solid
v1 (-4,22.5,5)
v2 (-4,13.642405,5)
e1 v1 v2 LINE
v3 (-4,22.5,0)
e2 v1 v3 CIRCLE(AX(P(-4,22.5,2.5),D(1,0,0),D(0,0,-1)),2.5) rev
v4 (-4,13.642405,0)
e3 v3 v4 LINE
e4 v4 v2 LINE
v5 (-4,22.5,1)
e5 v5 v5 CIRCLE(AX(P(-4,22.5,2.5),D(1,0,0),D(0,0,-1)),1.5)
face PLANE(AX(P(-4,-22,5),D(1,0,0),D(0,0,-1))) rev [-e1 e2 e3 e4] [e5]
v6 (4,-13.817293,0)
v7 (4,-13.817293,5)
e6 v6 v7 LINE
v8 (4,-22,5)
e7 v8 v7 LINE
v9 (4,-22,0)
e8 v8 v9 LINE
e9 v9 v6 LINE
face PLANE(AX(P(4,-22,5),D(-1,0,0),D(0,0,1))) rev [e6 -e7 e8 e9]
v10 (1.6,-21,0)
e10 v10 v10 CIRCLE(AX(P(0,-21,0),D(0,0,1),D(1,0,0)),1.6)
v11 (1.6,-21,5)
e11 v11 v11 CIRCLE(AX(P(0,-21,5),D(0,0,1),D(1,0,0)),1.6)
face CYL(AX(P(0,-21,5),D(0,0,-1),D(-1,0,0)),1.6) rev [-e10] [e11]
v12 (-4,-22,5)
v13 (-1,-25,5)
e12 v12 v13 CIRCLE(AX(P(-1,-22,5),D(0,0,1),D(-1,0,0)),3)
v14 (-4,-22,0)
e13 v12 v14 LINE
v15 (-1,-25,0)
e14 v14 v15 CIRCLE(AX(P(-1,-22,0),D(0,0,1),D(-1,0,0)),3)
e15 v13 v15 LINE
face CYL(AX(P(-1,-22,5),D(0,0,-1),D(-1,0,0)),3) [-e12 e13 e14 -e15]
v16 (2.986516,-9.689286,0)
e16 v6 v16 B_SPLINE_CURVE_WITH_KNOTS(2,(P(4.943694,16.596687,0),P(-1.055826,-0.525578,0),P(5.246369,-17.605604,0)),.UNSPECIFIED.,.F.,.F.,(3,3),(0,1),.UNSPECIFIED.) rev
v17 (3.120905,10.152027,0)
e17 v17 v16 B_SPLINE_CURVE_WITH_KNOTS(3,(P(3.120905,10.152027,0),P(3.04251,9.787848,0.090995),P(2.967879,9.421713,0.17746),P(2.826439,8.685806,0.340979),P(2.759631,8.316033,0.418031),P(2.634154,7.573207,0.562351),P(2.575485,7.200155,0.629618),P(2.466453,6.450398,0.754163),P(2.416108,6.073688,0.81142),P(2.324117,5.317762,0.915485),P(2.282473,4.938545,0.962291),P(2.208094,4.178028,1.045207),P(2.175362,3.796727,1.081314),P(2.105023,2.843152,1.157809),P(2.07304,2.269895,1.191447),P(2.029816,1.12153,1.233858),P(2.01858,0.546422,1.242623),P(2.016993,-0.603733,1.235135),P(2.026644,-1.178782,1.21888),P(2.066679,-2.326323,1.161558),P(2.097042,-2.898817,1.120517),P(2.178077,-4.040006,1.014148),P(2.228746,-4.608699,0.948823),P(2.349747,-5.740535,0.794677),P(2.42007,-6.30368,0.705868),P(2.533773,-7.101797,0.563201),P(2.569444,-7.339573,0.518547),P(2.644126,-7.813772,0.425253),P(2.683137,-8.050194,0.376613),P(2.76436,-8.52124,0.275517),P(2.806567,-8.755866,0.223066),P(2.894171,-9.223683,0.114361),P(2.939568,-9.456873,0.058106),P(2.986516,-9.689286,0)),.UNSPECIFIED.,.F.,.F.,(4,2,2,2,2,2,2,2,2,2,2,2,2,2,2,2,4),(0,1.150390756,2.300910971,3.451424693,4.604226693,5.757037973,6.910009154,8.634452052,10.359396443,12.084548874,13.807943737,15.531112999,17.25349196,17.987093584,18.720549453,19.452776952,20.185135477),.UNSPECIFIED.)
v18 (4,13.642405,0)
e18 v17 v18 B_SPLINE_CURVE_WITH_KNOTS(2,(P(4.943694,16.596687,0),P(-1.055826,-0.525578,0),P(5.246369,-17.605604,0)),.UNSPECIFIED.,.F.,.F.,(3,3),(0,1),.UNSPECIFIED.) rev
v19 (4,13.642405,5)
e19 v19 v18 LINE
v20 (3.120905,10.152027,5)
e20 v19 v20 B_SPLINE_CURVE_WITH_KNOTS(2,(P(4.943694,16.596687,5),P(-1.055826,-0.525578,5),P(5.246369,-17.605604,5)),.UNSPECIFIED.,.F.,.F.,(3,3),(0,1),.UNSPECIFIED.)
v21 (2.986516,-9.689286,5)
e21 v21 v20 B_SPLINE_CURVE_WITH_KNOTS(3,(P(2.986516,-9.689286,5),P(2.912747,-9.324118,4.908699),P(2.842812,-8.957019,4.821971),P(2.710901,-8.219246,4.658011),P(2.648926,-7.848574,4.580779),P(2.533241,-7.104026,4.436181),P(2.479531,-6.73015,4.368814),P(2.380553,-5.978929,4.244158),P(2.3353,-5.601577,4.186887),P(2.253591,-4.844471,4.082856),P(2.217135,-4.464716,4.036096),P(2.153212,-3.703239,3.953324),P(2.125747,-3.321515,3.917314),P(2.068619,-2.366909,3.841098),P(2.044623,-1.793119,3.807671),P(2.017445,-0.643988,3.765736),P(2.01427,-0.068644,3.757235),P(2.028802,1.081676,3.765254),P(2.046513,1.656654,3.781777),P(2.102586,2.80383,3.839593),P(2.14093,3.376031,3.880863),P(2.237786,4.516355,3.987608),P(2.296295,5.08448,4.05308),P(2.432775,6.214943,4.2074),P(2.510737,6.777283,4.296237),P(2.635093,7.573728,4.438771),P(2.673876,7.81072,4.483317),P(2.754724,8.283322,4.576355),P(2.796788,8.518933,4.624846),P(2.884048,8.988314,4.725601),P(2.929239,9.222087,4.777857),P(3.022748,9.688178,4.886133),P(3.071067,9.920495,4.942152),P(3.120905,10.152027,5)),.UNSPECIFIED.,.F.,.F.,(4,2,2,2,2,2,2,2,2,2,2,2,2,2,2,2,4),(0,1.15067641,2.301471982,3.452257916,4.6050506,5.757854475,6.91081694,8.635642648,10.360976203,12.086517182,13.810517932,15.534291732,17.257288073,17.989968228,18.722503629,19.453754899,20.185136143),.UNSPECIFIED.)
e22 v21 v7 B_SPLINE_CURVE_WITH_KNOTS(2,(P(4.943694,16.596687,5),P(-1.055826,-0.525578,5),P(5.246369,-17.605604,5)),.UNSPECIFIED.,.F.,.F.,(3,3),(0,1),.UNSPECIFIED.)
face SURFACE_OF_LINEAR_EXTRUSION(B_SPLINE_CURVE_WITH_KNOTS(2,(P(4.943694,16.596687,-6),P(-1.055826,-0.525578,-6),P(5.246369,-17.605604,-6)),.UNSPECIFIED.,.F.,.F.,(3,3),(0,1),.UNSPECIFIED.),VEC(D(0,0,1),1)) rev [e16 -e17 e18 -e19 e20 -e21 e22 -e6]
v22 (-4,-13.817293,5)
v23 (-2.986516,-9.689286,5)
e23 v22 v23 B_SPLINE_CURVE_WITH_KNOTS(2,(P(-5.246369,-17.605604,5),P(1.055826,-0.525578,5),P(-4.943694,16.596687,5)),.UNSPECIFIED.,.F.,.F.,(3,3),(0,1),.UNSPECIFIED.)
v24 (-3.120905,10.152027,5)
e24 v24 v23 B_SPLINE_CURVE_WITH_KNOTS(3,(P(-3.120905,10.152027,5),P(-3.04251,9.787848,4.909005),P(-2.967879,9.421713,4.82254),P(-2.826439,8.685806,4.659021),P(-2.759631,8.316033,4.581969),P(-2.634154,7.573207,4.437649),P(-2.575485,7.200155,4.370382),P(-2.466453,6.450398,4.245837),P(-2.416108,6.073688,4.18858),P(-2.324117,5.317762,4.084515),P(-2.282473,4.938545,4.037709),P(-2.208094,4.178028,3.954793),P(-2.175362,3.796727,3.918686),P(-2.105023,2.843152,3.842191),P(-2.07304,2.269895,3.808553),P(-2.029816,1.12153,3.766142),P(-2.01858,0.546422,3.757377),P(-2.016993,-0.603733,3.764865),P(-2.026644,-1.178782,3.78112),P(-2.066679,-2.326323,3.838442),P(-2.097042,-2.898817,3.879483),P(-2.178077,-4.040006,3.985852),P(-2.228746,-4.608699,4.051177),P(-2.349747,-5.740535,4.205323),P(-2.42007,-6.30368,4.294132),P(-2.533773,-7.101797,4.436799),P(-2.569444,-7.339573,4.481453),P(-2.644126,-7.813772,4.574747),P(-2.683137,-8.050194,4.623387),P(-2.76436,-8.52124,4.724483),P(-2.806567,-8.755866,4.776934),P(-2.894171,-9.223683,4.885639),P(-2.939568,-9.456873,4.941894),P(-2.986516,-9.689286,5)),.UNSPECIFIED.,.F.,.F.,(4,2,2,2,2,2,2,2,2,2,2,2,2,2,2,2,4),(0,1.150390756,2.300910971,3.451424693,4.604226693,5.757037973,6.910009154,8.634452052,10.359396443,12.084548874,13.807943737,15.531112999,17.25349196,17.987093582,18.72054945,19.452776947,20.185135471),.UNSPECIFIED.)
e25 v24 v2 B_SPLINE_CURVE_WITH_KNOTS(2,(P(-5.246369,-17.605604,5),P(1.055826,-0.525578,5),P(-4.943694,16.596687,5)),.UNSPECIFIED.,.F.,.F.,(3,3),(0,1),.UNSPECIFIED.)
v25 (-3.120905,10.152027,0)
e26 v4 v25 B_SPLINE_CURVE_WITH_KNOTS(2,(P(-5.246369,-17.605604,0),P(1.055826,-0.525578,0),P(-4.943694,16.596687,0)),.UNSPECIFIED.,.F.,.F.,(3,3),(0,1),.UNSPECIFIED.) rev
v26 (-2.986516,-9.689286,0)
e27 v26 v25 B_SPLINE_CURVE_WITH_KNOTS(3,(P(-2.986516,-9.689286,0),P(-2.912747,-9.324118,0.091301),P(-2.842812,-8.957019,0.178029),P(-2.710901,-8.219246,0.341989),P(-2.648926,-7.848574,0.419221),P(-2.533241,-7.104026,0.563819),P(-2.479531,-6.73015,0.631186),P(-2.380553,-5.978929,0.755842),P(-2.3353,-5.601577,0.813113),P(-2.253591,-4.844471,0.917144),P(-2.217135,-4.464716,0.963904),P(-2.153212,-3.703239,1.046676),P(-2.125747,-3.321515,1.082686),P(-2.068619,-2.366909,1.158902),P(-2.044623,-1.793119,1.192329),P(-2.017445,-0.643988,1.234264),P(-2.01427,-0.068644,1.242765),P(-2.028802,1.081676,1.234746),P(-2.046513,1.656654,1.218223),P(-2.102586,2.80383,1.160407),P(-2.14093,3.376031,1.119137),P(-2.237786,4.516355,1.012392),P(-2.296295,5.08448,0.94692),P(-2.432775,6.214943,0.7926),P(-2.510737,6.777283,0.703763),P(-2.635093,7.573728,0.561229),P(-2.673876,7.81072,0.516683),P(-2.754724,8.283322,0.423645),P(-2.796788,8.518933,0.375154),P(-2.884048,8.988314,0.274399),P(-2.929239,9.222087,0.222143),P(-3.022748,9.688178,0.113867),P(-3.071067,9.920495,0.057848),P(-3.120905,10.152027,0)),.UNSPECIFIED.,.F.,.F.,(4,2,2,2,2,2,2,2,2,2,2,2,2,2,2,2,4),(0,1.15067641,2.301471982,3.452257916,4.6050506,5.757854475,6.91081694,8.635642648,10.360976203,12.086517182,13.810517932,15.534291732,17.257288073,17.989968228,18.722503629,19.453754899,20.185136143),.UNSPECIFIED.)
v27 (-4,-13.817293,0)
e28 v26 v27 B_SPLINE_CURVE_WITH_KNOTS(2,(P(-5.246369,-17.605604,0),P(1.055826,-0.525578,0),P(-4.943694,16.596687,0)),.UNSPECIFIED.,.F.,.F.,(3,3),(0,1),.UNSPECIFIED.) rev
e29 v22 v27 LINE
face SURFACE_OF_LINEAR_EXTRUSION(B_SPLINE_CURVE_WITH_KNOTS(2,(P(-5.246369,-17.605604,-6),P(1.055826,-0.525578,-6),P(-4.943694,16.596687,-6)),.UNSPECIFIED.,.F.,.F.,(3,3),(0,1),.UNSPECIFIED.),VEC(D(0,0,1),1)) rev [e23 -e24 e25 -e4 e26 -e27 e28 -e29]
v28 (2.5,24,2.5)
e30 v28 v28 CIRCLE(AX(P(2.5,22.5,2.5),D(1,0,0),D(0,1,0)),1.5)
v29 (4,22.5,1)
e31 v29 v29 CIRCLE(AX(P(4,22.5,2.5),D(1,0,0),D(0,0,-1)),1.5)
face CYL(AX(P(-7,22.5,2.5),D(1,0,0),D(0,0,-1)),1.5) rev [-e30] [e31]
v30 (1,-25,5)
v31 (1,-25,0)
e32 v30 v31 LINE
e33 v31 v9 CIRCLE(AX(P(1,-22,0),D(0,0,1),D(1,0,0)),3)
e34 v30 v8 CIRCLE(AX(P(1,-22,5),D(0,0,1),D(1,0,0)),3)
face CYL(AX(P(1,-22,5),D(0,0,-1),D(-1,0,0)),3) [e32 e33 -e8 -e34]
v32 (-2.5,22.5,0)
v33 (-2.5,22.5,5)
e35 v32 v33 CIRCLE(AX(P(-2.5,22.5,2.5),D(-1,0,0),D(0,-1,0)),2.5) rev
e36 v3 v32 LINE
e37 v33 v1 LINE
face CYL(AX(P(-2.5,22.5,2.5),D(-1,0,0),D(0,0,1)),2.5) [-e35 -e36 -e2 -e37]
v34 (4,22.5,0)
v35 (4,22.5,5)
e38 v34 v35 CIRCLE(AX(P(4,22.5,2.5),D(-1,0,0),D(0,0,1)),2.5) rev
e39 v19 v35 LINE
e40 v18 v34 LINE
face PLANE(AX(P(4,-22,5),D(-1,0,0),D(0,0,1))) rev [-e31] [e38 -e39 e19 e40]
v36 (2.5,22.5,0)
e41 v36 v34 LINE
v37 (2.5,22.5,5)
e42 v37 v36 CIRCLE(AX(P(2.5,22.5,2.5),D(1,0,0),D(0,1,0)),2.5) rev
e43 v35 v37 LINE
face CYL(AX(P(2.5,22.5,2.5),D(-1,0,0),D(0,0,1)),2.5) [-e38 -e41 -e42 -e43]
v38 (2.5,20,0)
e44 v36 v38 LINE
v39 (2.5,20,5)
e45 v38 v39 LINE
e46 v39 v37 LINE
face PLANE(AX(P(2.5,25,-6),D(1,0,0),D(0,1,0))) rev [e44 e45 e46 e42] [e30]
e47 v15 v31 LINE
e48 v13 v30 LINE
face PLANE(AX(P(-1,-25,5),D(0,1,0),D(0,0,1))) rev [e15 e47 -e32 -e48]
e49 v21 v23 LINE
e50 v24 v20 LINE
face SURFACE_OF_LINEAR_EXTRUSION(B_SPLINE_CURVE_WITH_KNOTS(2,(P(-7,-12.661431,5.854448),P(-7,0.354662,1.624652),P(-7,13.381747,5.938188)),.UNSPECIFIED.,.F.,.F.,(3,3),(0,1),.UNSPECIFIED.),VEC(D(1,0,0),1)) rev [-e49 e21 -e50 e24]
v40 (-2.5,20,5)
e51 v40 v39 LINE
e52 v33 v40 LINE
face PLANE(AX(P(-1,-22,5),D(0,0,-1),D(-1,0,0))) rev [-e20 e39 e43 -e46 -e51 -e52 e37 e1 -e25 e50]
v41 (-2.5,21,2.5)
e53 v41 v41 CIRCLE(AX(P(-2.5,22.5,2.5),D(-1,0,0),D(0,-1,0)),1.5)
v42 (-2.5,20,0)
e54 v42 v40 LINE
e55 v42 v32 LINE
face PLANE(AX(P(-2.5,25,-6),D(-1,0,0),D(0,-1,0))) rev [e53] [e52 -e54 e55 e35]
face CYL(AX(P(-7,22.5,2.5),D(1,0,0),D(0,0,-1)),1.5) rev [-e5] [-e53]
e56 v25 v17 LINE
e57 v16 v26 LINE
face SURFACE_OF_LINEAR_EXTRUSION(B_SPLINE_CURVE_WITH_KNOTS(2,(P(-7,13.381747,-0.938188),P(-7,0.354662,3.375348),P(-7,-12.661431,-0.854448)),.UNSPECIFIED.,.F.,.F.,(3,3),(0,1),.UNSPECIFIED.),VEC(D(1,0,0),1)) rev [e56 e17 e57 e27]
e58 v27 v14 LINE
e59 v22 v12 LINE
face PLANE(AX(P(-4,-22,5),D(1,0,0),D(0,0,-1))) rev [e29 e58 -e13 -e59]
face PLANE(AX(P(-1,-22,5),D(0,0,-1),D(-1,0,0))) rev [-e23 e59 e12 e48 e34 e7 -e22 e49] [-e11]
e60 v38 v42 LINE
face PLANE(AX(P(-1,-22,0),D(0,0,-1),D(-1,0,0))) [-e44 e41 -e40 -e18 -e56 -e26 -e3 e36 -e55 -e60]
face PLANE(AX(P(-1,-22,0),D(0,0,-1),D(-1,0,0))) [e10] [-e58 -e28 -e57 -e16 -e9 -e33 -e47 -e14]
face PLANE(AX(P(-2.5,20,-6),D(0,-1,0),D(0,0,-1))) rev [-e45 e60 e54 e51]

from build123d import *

# Parameters (mm, degrees)
SKETCH1_R           = 1.6
BOSS_EXTRUDE1_DEPTH = 5
SKETCH2_W           = 5
SKETCH2_H           = 5
CUT_EXTRUDE1_DEPTH  = 11
FILLET4_RADIUS      = 2.5
FILLET4_LENGTH      = 1.5
FILLET5_RADIUS      = 2.5
FILLET5_LENGTH      = 1.5
SKETCH3_R           = 1.5
CUT_EXTRUDE2_DEPTH  = 11
CUT_EXTRUDE3_DEPTH  = 11
CUT_EXTRUDE4_DEPTH  = 11


with BuildPart() as part:
    # Sketch1 → Boss-Extrude1 (new body)
    with BuildSketch(Plane.XY):
        with BuildLine():
            Line((-1, -25), (1, -25))
            ThreePointArc((1, -25), (3.121320344, -24.121320344), (4, -22))
            Line((4, -22), (4, 25))
            Line((4, 25), (-4, 25))
            Line((-4, 25), (-4, -22))
            ThreePointArc((-4, -22), (-3.121320344, -24.121320344), (-1, -25))
        make_face()
        with Locations((0, -21)):
            Circle(SKETCH1_R, mode=Mode.SUBTRACT)
    extrude(amount=BOSS_EXTRUDE1_DEPTH)

    # Sketch2 → Cut-Extrude1 (cut)
    with BuildSketch(Plane.XY.offset(5)):
        with Locations((0, 22.5)):
            Rectangle(SKETCH2_W, SKETCH2_H)
    extrude(amount=-CUT_EXTRUDE1_DEPTH, mode=Mode.SUBTRACT)

    # Fillet4: full round fillet: the end face becomes a half cylinder, R = half its width
    fillet4_face = Plane((-3.25, 25, 2.5), x_dir=(-1, 0, 0), z_dir=(0, 1, 0))  # on the end face: x along it, z out of the body
    fillet4_slab = fillet4_face.offset(-FILLET4_RADIUS / 2) * Box(FILLET4_LENGTH, 2 * FILLET4_RADIUS, FILLET4_RADIUS, mode=Mode.PRIVATE)  # the body's end, R deep
    fillet4_round = Plane((-3.25, 22.5, 2.5), x_dir=(0, 1, 0), z_dir=(-1, 0, 0)) * Cylinder(FILLET4_RADIUS, FILLET4_LENGTH, mode=Mode.PRIVATE)  # its axis R under the face
    add(fillet4_slab - fillet4_round, mode=Mode.SUBTRACT)

    # Fillet5: full round fillet: the end face becomes a half cylinder, R = half its width
    fillet5_face = Plane((3.25, 25, 2.5), x_dir=(1, 0, 0), z_dir=(0, 1, 0))  # on the end face: x along it, z out of the body
    fillet5_slab = fillet5_face.offset(-FILLET5_RADIUS / 2) * Box(FILLET5_LENGTH, 2 * FILLET5_RADIUS, FILLET5_RADIUS, mode=Mode.PRIVATE)  # the body's end, R deep
    fillet5_round = Plane((3.25, 22.5, 2.5), x_dir=(0, 1, 0), z_dir=(1, 0, 0)) * Cylinder(FILLET5_RADIUS, FILLET5_LENGTH, mode=Mode.PRIVATE)  # its axis R under the face
    add(fillet5_slab - fillet5_round, mode=Mode.SUBTRACT)

    # Sketch3 → Cut-Extrude2 (cut)
    with BuildSketch(Plane(origin=(4, 0, 0), x_dir=(0, 0, -1), z_dir=(1, 0, 0))):
        with Locations((-2.5, 22.5)):
            Circle(SKETCH3_R)
    extrude(amount=-CUT_EXTRUDE2_DEPTH, mode=Mode.SUBTRACT)

    # Sketch4 → Cut-Extrude3 (cut)
    with BuildSketch(Plane(origin=(4, 0, 0), x_dir=(0, 0, -1), z_dir=(1, 0, 0))):
        with BuildLine():
            Line((-5.938187825, 13.381747244), (-5.854447702, -12.661430853))
            add(Edge.make_bspline(
                [(-5.938187825, 13.381747244), (-1.624651823, 0.354662238), (-5.854447702, -12.661430853)],
                knots=[0, 0, 0, 1, 1, 1], degree=2))
        make_face()
        with BuildLine():
            Line((0.938187825, 13.381747244), (0.854447702, -12.661430853))
            add(Edge.make_bspline(
                [(0.938187825, 13.381747244), (-3.375348177, 0.354662238), (0.854447702, -12.661430853)],
                knots=[0, 0, 0, 1, 1, 1], degree=2))
        make_face()
    extrude(amount=-CUT_EXTRUDE3_DEPTH, mode=Mode.SUBTRACT)

    # Sketch5 → Cut-Extrude4 (cut)
    with BuildSketch(Plane.XY.offset(5)):
        with BuildLine():
            Line((-5.246369121, -17.605604068), (-4.943693979, 16.596686929))
            add(Edge.make_bspline(
                [(-4.943693979, 16.596686929), (1.055826259, -0.52557817), (-5.246369121, -17.605604068)],
                knots=[0, 0, 0, 1, 1, 1], degree=2))
        make_face()
        with BuildLine():
            Line((5.246369121, -17.605604068), (4.943693979, 16.596686929))
            add(Edge.make_bspline(
                [(4.943693979, 16.596686929), (-1.055826259, -0.52557817), (5.246369121, -17.605604068)],
                knots=[0, 0, 0, 1, 1, 1], degree=2))
        make_face()
    extrude(amount=-CUT_EXTRUDE4_DEPTH, mode=Mode.SUBTRACT)


solid = part.part
